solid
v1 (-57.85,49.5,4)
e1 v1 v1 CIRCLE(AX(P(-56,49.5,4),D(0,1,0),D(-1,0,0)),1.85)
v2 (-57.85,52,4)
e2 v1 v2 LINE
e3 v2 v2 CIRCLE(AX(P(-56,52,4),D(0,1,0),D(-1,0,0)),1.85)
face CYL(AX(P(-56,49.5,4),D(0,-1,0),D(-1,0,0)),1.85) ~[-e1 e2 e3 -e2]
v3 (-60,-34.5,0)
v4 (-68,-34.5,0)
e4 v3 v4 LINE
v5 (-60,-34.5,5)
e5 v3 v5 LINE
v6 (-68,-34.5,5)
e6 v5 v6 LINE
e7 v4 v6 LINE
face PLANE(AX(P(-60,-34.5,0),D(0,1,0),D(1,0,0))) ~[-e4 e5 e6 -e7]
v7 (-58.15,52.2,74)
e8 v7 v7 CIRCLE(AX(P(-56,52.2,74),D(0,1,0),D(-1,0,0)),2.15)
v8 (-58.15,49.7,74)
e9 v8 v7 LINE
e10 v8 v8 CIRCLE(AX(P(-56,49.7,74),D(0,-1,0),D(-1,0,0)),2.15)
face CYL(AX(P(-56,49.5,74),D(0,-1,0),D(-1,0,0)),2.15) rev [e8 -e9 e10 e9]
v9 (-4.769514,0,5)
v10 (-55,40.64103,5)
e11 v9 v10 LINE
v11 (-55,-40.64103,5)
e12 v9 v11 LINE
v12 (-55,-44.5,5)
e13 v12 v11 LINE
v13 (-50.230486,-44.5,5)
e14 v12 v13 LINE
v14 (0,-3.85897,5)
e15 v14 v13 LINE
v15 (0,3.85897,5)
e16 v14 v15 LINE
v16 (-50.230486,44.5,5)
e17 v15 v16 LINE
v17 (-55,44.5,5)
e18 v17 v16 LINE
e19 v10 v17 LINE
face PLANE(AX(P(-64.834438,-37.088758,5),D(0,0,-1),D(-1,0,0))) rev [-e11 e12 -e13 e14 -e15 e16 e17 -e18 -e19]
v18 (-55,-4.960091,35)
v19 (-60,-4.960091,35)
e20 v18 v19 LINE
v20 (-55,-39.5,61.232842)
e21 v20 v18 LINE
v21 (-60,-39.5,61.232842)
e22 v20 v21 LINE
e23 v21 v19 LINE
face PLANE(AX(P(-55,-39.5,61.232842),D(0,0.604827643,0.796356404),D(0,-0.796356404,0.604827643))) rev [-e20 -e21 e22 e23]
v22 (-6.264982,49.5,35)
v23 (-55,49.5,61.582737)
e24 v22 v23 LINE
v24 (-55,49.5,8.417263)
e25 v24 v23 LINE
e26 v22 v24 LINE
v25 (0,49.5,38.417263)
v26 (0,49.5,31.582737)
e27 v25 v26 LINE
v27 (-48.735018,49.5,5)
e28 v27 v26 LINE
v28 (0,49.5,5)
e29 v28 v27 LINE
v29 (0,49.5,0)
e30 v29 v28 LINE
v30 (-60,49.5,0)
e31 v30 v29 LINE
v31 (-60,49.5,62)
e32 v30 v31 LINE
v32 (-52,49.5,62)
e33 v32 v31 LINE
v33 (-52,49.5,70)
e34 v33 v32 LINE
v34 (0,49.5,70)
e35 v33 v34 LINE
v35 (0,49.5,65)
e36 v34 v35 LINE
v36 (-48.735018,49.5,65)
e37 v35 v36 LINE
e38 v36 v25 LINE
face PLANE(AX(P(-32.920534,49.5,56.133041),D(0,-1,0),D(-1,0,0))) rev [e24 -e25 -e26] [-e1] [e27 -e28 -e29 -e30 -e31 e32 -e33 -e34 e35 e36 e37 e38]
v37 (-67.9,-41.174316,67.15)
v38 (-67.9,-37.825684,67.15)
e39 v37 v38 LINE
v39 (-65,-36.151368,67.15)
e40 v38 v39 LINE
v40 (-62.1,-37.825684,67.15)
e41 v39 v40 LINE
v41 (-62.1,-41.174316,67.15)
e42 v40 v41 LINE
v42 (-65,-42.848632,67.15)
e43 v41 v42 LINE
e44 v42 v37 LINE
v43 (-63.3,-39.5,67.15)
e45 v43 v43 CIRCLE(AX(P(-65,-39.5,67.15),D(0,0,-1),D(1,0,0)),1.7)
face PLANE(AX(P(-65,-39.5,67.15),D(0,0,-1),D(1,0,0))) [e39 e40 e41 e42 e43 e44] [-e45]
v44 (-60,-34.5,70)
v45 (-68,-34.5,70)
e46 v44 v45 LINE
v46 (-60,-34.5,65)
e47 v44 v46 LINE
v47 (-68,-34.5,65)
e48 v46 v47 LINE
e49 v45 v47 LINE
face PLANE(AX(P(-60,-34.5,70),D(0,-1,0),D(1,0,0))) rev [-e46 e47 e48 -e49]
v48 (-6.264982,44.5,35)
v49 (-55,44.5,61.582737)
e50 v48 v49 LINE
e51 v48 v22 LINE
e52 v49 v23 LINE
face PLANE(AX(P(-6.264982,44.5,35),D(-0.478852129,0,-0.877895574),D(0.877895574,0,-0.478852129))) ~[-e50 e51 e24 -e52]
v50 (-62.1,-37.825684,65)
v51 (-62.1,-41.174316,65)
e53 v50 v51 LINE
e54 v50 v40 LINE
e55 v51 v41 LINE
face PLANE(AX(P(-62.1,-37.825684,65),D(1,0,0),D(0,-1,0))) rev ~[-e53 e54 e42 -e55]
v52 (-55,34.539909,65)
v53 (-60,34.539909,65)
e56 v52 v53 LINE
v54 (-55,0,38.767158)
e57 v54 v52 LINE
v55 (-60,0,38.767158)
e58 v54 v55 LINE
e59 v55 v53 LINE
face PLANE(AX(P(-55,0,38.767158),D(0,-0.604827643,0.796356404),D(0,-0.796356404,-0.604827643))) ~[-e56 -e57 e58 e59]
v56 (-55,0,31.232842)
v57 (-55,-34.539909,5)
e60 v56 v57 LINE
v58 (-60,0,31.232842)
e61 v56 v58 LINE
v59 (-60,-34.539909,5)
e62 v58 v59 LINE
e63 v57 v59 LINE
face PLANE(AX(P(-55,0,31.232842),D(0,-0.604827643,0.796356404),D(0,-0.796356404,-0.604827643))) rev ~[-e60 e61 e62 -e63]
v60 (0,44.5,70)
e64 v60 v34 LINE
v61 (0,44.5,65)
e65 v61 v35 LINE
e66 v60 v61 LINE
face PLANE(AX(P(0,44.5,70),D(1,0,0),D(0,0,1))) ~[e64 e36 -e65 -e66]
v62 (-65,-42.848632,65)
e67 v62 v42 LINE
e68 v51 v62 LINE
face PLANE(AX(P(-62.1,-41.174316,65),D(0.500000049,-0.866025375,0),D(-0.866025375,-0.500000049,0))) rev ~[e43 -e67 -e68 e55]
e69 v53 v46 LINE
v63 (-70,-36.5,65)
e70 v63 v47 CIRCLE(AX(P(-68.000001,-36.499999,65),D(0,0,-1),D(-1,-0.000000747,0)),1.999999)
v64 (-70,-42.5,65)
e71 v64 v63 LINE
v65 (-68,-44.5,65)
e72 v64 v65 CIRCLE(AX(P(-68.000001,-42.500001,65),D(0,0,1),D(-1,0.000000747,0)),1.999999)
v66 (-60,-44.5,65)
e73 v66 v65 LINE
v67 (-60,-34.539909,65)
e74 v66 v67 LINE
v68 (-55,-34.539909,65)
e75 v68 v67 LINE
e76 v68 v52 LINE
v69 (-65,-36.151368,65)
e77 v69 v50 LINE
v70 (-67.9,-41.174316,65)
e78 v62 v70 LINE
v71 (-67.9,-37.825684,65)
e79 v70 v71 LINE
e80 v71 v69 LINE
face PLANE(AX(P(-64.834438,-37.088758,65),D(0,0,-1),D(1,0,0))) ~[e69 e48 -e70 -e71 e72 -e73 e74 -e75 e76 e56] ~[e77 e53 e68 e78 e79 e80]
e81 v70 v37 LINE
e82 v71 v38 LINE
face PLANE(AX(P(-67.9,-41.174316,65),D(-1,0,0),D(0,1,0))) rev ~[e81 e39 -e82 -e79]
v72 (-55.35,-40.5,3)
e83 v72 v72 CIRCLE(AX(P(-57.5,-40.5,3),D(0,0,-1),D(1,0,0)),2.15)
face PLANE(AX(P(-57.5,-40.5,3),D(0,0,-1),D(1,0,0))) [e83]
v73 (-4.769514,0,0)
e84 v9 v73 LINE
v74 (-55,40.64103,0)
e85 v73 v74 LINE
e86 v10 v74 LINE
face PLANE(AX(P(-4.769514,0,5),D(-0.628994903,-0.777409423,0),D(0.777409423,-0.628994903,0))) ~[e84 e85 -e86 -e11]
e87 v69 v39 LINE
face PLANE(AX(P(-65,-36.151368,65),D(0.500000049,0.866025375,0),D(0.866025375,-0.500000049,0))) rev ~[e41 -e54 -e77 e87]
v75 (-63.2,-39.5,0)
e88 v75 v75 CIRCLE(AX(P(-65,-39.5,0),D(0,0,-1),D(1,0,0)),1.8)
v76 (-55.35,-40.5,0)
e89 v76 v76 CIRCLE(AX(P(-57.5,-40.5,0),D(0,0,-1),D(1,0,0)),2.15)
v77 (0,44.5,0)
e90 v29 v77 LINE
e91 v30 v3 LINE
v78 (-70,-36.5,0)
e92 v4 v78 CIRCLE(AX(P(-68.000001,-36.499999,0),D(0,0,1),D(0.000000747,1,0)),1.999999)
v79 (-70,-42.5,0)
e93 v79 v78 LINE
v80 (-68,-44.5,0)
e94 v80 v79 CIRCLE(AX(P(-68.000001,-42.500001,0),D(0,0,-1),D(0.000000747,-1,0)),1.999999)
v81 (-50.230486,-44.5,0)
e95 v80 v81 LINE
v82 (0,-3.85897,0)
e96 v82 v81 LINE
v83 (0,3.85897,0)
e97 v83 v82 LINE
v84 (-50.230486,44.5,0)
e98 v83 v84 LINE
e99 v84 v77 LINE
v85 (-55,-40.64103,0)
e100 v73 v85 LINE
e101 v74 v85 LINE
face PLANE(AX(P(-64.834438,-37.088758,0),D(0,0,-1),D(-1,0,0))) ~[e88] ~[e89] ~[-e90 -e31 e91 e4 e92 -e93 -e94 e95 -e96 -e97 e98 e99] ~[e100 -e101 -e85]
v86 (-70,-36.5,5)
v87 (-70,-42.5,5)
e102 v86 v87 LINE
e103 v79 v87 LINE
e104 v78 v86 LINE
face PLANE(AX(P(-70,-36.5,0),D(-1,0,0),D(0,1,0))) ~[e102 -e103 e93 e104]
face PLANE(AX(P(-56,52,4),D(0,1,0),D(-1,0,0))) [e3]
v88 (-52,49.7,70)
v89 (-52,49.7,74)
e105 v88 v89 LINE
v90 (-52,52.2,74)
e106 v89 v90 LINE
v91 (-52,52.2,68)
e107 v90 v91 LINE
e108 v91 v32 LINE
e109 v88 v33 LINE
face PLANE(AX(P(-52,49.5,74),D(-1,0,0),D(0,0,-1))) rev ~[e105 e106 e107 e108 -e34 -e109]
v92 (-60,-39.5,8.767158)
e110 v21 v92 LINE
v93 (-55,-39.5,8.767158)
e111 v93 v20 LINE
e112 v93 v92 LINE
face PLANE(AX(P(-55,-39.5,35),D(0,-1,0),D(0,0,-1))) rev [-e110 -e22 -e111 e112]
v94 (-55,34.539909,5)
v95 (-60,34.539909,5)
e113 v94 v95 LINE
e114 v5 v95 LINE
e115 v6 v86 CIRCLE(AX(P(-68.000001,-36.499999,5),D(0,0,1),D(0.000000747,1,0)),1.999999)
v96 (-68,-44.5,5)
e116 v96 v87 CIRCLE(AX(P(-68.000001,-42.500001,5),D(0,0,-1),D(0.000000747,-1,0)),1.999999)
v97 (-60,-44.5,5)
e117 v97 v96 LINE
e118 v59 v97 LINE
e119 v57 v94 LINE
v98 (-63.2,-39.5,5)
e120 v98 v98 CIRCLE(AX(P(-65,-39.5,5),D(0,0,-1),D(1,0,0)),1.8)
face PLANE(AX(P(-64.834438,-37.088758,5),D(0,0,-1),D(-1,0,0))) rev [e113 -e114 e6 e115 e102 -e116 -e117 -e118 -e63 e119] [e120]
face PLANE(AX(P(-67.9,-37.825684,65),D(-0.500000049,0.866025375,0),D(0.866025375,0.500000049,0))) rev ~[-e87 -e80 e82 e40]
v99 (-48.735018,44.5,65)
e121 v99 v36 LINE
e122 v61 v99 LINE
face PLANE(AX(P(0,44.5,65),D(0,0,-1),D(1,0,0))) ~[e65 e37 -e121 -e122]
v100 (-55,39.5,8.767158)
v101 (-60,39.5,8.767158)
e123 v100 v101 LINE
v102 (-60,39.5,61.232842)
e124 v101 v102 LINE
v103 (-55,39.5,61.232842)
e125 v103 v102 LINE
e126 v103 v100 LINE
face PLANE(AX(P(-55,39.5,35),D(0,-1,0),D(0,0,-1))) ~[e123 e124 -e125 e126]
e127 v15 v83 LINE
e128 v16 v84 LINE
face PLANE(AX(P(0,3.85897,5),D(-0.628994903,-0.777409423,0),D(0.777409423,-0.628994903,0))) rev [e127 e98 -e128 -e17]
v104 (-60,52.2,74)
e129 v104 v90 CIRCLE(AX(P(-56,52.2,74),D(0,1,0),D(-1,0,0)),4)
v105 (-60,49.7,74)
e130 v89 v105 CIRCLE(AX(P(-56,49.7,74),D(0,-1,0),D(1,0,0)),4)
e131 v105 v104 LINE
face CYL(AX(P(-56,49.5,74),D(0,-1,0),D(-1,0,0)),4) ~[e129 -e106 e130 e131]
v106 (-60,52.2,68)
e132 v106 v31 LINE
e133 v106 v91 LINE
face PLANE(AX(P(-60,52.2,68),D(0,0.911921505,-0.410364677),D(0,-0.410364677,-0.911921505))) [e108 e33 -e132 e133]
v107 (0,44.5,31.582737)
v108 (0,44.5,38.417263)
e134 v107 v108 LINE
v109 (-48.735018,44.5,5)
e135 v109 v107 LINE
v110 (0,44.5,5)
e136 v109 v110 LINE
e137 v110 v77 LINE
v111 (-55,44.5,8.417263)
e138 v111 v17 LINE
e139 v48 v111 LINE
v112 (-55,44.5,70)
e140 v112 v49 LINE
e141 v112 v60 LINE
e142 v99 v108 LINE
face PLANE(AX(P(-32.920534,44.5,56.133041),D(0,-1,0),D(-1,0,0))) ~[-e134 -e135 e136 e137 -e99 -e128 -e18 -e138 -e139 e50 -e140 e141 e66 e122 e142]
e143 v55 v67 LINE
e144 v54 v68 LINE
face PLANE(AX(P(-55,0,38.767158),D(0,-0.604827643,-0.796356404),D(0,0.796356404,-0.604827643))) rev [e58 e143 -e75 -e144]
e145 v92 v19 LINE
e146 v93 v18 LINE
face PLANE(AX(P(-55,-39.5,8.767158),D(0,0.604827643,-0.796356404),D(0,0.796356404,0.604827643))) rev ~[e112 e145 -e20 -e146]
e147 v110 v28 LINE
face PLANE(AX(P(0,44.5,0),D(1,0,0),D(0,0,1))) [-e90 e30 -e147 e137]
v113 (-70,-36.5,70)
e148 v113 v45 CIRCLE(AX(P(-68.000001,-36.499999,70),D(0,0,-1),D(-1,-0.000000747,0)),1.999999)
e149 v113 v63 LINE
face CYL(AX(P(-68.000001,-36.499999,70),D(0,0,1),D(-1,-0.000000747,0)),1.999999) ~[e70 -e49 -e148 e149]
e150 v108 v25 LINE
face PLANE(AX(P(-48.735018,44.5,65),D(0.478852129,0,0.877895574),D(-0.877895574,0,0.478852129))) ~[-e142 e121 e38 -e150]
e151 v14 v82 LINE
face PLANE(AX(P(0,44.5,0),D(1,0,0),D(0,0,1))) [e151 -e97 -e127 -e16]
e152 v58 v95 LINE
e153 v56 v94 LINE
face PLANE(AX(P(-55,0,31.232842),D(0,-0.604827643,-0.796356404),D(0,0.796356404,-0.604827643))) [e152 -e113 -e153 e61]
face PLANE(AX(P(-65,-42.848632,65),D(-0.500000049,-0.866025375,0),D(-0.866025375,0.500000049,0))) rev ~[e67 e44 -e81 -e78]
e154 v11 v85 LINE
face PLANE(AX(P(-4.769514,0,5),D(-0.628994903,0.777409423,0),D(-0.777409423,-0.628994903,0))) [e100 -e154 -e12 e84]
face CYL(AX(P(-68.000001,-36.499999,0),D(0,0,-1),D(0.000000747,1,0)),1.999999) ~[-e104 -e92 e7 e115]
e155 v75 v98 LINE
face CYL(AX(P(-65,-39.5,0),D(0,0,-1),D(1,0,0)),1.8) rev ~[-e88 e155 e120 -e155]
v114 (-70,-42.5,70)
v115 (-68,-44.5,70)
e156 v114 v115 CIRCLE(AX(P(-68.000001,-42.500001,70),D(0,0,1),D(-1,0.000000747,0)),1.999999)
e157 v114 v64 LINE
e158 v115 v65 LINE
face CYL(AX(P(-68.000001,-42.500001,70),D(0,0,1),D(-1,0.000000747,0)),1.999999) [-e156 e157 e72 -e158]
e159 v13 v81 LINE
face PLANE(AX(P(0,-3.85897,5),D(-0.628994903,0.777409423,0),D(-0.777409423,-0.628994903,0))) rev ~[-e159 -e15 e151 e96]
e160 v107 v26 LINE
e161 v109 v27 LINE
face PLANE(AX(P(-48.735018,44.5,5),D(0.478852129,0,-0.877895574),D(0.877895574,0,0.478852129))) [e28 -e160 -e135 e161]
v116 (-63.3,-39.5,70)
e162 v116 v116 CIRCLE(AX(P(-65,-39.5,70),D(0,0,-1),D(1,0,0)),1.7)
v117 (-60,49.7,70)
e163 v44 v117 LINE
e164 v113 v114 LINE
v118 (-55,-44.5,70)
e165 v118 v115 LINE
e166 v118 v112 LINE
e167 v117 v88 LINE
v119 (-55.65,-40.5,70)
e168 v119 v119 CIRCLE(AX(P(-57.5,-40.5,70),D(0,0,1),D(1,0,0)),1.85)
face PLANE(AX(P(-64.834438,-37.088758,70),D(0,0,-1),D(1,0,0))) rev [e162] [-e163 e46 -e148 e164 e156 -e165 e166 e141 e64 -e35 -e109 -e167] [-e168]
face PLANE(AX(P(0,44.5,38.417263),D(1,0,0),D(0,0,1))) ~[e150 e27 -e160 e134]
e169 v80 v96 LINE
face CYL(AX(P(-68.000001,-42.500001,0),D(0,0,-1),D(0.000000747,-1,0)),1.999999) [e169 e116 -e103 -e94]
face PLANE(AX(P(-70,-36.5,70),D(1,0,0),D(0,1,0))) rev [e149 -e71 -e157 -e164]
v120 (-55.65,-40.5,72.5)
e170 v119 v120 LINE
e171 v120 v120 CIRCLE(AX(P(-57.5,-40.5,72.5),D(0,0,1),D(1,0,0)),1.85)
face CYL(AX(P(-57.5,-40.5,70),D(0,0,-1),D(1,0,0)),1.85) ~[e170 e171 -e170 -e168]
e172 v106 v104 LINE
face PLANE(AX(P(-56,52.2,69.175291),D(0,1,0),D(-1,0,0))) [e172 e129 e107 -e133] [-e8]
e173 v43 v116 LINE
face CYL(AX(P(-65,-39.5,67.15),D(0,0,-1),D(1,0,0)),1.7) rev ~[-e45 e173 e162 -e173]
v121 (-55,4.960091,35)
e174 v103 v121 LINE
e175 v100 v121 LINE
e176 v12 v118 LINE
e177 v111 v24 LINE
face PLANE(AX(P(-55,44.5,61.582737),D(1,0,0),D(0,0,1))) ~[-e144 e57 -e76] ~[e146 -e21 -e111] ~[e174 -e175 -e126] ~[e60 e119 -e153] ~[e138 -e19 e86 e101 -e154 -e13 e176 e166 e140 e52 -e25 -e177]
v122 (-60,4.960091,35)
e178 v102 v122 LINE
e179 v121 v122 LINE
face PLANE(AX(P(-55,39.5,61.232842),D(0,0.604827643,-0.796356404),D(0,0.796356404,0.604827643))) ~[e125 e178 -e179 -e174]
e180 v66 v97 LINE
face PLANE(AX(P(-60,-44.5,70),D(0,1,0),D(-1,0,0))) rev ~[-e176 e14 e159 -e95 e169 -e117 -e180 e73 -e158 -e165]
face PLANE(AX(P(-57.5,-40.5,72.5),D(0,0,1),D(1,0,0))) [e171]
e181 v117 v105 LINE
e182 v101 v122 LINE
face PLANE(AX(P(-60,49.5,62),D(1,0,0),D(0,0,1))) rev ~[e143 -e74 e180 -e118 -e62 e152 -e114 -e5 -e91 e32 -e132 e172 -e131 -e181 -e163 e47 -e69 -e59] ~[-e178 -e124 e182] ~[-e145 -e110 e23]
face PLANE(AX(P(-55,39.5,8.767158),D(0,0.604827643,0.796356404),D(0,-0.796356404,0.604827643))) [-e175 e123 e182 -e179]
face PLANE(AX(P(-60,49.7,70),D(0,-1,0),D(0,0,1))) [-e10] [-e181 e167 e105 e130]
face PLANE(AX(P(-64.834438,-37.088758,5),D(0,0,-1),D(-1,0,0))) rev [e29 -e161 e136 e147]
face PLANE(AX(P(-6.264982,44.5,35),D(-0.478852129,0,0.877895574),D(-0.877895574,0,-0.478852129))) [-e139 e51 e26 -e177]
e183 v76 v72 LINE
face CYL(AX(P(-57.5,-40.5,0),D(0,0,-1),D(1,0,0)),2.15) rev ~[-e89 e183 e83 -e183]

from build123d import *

# Parameters (mm, degrees)
SKETCH_W                   = 55
SKETCH_H                   = 44.5
PAD_DEPTH                  = 5
PAD001_DEPTH               = 5
PAD001_MIRRORED001_2_DEPTH = 5
PAD002_DEPTH               = 5
SKETCH003_R                = 1.85
PAD003_DEPTH               = 2.5
SKETCH004_R                = 2.15
PAD004_DEPTH               = 2.7
SKETCH005_W                = 0.2
SKETCH005_H                = 8
POCKET_DEPTH               = 60.001
SKETCH006_R                = 1.85
PAD005_DEPTH               = 2.5
SKETCH007_R                = 2.15
POCKET001_DEPTH            = 3
PAD006_DEPTH               = 5
SKETCH009_R                = 1.8
HOLE_DEPTH                 = 25
HOLE_TIPS_R                = 1.8
PAD007_DEPTH               = 5
POCKET002_DEPTH            = 2.15
SKETCH012_R                = 1.7
HOLE001_DEPTH              = 10.851
POCKET003_DEPTH            = 290.201912


with BuildPart() as part:
    # Sketch → Pad (new body)
    with BuildSketch(Plane.XY):
        with Locations((-27.5, -22.25)):
            Rectangle(SKETCH_W, SKETCH_H)
    pad = extrude(amount=PAD_DEPTH)

    # Mirrored: Pad across XZ
    add(pad.mirror(Plane.XZ))

    # Sketch001 (on Face1 of Mirrored) → Pad001 (join)
    with BuildSketch(Plane(origin=(-55, 0, 0), x_dir=(0, -1, 0), z_dir=(-1, 0, 0))):
        Polygon((0, 0), (44.5, 0), (44.5, 35), (39.5, 35), (39.5, 8.767158), (4.960091, 35), (0, 35), (0, 31.232842), (34.539909, 5), (0, 5), align=None)
    pad001 = extrude(amount=PAD001_DEPTH)

    # Sketch001 Mirrored001 2 → Pad001 Mirrored001 2 (add)
    with BuildSketch(Plane.YZ.offset(-55)):
        Polygon((0, 0), (44.5, 0), (44.5, 35), (39.5, 35), (39.5, 8.767158), (4.960091, 35), (0, 35), (0, 31.232842), (34.539909, 5), (0, 5), align=None)
    pad001_mirrored001_2 = extrude(amount=-PAD001_MIRRORED001_2_DEPTH)

    # Mirrored002: Pad001, Pad001 Mirrored001 2 across face of Pad001
    add(pad001.mirror(Plane(origin=(-57.5, -2.480045, 35), x_dir=(1, 0, 0), z_dir=(0, 0, 1))))
    add(pad001_mirrored001_2.mirror(Plane(origin=(-57.5, -2.480045, 35), x_dir=(1, 0, 0), z_dir=(0, 0, 1))))

    # Sketch002 (on Face1 of MultiTransform) → Pad002 (join)
    with BuildSketch(Plane(origin=(0, 44.5, 0), x_dir=(-1, 0, 0), z_dir=(0, 1, 0))):
        Polygon((6.264982, 35), (55, 8.417263), (55, 35), (60, 35), (60, 0), (0, 0), (0, 5), (48.735018, 5), (0, 31.582737), (0, 35), align=None)
    pad002 = extrude(amount=PAD002_DEPTH)

    # Mirrored003: Pad002 across face of Pad002
    add(pad002.mirror(Plane(origin=(-3.132491, 47, 35), x_dir=(1, 0, 0), z_dir=(0, 0, 1))))

    # Sketch003 (on Face8 of Mirrored003) → Pad003 (join)
    with BuildSketch(Plane(origin=(0, 49.5, 0), x_dir=(-1, 0, 0), z_dir=(0, 1, 0))):
        with Locations((56, 4)):
            Circle(SKETCH003_R)
    extrude(amount=PAD003_DEPTH)

    # Sketch004 (on Face19 of Pad003) → Pad004 (join)
    with BuildSketch(Plane(origin=(0, 49.5, 0), x_dir=(-1, 0, 0), z_dir=(0, 1, 0))):
        with BuildLine():
            Line((60, 62), (60, 74))
            ThreePointArc((60, 74), (56, 78), (52, 74))
            Line((52, 74), (52, 62))
            Line((52, 62), (60, 62))
        make_face()
        with Locations((56, 74)):
            Circle(SKETCH004_R, mode=Mode.SUBTRACT)
    extrude(amount=PAD004_DEPTH)

    # Sketch005 (on Face56 of Pad004) → Pocket (cut, through all)
    with BuildSketch(Plane(origin=(-60, 0, 0), x_dir=(0, -1, 0), z_dir=(-1, 0, 0))):
        Polygon((-52.2, 68), (-49.5, 62), (-52.2, 62), align=None)
        with Locations((-49.6, 74)):
            Rectangle(SKETCH005_W, SKETCH005_H)
    extrude(amount=-POCKET_DEPTH, mode=Mode.SUBTRACT)

    # Sketch006 (on Face59 of Pocket) → Pad005 (join)
    with BuildSketch(Plane.XY.offset(70)):
        with Locations((-57.5, -40.5)):
            Circle(SKETCH006_R)
    extrude(amount=PAD005_DEPTH)

    # Sketch007 (on Face24 of Pad005) → Pocket001 (cut)
    with BuildSketch(Plane(origin=(0, 0, 0), x_dir=(1, 0, 0), z_dir=(0, 0, -1))):
        with Locations((-57.5, 40.5)):
            Circle(SKETCH007_R)
    extrude(amount=-POCKET001_DEPTH, mode=Mode.SUBTRACT)

    # Sketch008 (on Face24 of Pocket001) → Pad006 (join)
    with BuildSketch(Plane(origin=(0, 0, 0), x_dir=(1, 0, 0), z_dir=(0, 0, -1))):
        with BuildLine():
            Line((-60, 44.5), (-68, 44.5))
            ThreePointArc((-68, 44.5), (-69.414214, 43.914214), (-70, 42.5))
            Line((-70, 42.5), (-70, 39.5))
            Line((-70, 39.5), (-60, 39.5))
            Line((-60, 39.5), (-60, 44.5))
        make_face()
    pad006 = extrude(amount=-PAD006_DEPTH)

    # Mirrored004: Pad006 across face of Pad006
    add(pad006.mirror(Plane(origin=(-65, -39.5, 2.5), x_dir=(-1, 0, 0), z_dir=(0, 1, 0))))

    # Sketch009 (on Face46 of Mirrored004) → Hole (cut)
    with BuildSketch(Plane(origin=(0, 0, 0), x_dir=(1, 0, 0), z_dir=(0, 0, -1))):
        with Locations((-65, 39.5)):
            Circle(SKETCH009_R)
    extrude(amount=-HOLE_DEPTH, mode=Mode.SUBTRACT)

    # Hole tips → Hole tip 1 section 0
    with BuildSketch(Plane(origin=(0, 0, 25), x_dir=(1, 0, 0), z_dir=(0, 0, -1)), mode=Mode.PRIVATE) as hole_tip_1_s0:
        with Locations((-65, 39.5)):
            Circle(HOLE_TIPS_R)
    loft([hole_tip_1_s0.sketch, Vertex(-65, -39.5, 26.081549)], mode=Mode.SUBTRACT)

    # Sketch010 (on Face65 of Hole) → Pad007 (join)
    with BuildSketch(Plane.XY.offset(70)):
        with BuildLine():
            Line((-60, -44.5), (-68, -44.5))
            ThreePointArc((-70, -42.5), (-69.414214, -43.914214), (-68, -44.5))
            Line((-70, -42.5), (-70, -39.5))
            Line((-70, -39.5), (-60, -39.5))
            Line((-60, -39.5), (-60, -44.5))
        make_face()
    pad007 = extrude(amount=-PAD007_DEPTH)

    # Mirrored005: Pad007 across face of Pad007
    add(pad007.mirror(Plane(origin=(-65, -39.5, 67.5), x_dir=(-1, 0, 0), z_dir=(0, 1, 0))))

    # Sketch011 (on Face89 of Mirrored005) → Pocket002 (cut)
    with BuildSketch(Plane(origin=(0, 0, 65), x_dir=(1, 0, 0), z_dir=(0, 0, -1))):
        Polygon((-65, 42.848632), (-67.9, 41.174316), (-67.9, 37.825684), (-65, 36.151368), (-62.1, 37.825684), (-62.1, 41.174316), align=None)
    extrude(amount=-POCKET002_DEPTH, mode=Mode.SUBTRACT)

    # Sketch012 (on Face102 of Pocket002) → Hole001 (cut, through all)
    with BuildSketch(Plane(origin=(0, 0, 67.15), x_dir=(1, 0, 0), z_dir=(0, 0, -1))):
        with Locations((-65, 39.5)):
            Circle(SKETCH012_R)
    extrude(amount=-HOLE001_DEPTH, mode=Mode.SUBTRACT)

    # Sketch013 (on Face11 of Hole001) → Pocket003 (cut, through all)
    with BuildSketch(Plane.XY.offset(5)):
        Polygon((0, -3.85897), (-50.230486, -44.5), (0, -44.5), align=None)
        Polygon((-55, 0), (-4.769514, 0), (-55, -40.64103), align=None)
    pocket003 = extrude(amount=-POCKET003_DEPTH, mode=Mode.SUBTRACT)

    # Mirrored006: Pocket003 across XZ
    add(pocket003.mirror(Plane.XZ), mode=Mode.SUBTRACT)


solid = part.part
